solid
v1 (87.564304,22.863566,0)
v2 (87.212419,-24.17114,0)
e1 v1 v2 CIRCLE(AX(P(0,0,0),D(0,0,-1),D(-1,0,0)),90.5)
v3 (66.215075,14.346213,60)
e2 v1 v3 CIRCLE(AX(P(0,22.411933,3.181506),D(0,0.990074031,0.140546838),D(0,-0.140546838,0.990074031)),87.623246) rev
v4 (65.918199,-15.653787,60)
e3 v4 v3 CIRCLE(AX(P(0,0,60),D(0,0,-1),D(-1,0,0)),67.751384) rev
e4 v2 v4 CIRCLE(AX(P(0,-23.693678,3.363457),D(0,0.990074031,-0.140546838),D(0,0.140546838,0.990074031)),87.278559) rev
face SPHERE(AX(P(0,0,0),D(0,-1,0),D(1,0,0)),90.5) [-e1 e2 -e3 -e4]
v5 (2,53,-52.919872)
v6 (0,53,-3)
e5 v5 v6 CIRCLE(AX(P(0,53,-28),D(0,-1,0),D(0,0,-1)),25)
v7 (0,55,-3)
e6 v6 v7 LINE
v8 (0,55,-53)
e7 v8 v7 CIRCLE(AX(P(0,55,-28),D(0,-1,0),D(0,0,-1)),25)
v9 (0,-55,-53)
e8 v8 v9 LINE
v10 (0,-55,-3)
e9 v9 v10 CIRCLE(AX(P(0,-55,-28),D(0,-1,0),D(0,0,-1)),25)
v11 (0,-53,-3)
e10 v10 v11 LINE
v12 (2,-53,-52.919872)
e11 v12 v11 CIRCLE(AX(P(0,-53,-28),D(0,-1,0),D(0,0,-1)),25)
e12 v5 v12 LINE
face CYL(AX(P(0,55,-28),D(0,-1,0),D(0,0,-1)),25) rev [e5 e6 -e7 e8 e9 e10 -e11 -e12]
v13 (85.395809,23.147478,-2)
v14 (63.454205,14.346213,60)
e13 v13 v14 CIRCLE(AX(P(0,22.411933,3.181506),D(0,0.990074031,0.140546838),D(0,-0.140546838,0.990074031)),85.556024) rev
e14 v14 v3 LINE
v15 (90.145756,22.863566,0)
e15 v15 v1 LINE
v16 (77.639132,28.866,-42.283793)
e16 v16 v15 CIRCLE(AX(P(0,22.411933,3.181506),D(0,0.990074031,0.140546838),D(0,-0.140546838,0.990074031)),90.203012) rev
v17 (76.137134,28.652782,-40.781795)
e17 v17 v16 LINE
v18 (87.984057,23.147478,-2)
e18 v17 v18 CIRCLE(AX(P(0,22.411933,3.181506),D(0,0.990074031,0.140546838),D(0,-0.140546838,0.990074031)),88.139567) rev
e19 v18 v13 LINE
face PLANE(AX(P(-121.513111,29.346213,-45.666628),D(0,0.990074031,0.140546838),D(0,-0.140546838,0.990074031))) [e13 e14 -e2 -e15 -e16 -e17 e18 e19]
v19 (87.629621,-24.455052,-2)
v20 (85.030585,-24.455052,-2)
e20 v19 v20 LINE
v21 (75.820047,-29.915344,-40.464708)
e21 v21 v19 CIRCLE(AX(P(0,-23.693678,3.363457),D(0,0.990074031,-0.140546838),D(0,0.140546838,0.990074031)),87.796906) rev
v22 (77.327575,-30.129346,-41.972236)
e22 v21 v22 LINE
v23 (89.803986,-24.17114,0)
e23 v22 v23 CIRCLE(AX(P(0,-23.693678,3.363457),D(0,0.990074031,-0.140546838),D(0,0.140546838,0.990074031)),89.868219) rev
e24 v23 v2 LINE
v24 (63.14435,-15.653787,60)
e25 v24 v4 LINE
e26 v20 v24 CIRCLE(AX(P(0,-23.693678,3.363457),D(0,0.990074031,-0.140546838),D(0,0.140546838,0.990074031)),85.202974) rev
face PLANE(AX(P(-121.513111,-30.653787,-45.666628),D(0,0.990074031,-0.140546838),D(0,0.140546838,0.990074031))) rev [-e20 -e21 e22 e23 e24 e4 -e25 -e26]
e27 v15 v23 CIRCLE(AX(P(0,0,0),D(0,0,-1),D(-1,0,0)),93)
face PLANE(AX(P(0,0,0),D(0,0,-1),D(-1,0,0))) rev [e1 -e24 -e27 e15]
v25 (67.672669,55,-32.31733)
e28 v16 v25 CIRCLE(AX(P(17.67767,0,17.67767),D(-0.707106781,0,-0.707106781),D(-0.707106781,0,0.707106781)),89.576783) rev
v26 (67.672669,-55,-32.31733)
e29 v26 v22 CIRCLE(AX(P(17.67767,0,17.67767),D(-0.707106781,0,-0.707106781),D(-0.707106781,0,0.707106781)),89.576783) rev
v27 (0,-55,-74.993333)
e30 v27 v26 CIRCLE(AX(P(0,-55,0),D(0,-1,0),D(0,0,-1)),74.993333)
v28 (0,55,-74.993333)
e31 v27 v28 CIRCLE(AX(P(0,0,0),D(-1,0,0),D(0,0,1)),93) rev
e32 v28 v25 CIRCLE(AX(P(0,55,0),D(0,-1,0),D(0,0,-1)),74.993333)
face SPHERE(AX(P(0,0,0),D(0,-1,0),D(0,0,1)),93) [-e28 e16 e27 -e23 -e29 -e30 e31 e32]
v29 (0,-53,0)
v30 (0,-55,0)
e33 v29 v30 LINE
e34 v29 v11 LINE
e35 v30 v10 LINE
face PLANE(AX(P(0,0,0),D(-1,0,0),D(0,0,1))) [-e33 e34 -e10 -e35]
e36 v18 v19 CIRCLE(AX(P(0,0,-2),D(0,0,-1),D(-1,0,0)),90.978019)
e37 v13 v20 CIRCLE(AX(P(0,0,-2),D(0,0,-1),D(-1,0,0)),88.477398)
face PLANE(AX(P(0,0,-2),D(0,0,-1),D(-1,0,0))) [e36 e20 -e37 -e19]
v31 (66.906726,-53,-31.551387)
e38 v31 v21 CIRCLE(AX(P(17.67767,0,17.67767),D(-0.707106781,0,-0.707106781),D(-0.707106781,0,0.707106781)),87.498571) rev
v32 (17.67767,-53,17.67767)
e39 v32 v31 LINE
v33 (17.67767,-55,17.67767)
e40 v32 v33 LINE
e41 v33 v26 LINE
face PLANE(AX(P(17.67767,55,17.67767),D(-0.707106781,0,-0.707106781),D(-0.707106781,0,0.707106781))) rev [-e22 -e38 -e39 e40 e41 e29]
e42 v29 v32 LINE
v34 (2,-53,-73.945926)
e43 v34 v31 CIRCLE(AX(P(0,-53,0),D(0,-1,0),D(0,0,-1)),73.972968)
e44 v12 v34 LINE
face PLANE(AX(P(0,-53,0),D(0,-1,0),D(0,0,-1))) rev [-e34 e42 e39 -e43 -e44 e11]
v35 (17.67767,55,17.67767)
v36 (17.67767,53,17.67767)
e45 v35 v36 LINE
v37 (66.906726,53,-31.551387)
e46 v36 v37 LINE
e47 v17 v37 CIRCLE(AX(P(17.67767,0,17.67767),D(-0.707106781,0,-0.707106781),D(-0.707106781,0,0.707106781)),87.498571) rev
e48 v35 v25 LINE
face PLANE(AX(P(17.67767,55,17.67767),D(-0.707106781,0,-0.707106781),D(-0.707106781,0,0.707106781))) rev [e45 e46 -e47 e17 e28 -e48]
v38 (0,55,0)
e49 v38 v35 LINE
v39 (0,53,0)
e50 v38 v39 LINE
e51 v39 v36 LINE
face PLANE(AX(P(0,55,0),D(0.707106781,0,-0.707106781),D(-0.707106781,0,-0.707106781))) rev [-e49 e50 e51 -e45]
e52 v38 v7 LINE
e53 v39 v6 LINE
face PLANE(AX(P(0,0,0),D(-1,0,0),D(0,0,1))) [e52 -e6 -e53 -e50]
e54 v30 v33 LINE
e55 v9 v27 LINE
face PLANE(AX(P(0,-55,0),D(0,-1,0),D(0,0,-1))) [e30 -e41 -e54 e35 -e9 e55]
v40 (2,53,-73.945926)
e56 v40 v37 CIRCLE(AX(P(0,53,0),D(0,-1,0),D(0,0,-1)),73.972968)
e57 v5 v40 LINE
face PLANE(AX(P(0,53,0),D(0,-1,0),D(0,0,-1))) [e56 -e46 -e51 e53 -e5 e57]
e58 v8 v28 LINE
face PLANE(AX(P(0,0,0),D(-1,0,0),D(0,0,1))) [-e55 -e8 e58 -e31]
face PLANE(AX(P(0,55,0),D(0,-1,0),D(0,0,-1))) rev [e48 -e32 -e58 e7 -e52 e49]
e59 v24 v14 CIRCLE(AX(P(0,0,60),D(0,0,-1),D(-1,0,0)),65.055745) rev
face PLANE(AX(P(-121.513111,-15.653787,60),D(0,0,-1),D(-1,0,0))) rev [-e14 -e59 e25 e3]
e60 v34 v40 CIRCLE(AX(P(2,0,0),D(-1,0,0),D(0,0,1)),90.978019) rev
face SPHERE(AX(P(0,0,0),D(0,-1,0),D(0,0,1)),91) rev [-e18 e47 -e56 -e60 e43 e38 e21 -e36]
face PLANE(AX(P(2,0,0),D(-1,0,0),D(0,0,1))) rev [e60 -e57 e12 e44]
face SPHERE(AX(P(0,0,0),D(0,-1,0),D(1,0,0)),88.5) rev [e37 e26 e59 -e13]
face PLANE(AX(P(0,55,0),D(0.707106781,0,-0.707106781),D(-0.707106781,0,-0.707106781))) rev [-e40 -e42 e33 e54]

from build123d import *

# Parameters (mm, degrees)
OBR_T1_ANGLE                = 180.0000000000004
WYTNIJ_WYCI_GNI_CIE6_DEPTH  = 172.4642819948225
WYTNIJ_WYCI_GNI_CIE7_DEPTH  = 166.27116841238856
DODANIE_WYCI_GNI_CIE2_DEPTH = 100
WYTNIJ_WYCI_GNI_CIE8_DEPTH  = 172.45844977719824
WYCI_CIE_OBR_T2_ANGLE       = 90.0000000000002
WYTNIJ_WYCI_GNI_CIE9_DEPTH  = 172.45844977719824
SKORUPA2_T                  = -2


with BuildPart() as part:
    # Szkic1 → Obrót1 (revolve)
    with BuildSketch(Plane(origin=(0, 0, 0), x_dir=(0, 0, -1), z_dir=(1, 0, 0))):
        with BuildLine():
            Line((0, -55), (0, 55))
            Line((0, 55), (-75, 54.99999999999999))
            ThreePointArc((-75, 54.99999999999999), (-93.00537618869137, 1.139e-14), (-75, -54.99999999999999))
            Line((-75, -54.99999999999999), (0, -55))
        make_face()
    revolve(axis=Axis((0, -55, 0), (0, 1, 0)), revolution_arc=OBR_T1_ANGLE)

    # Szkic2 → Wytnij-wyciągnięcie6 (cut, through all)
    with BuildSketch(Plane.XZ.offset(54.99999999999998)):
        with BuildLine():
            Line((-50.14037658161271, 0), (-26.065901524307794, 0))
            Line((-26.065901524307794, 0), (-26.065901524307794, 75.00000000000003))
            Line((-26.065901524307794, 75.00000000000003), (0, 75.00000000000003))
            ThreePointArc((-7.11e-15, 75.00000000000004), (6.164498496803606, 74.74623039513706), (12.28728066433489, 73.98663888754419))
            ThreePointArc((12.287280664334872, 73.9866388875442), (66.51313822370639, 34.6554821584426), (67.6776695296636, -32.32233047033656))
            Line((67.6776695296636, -32.32233047033656), (87.35369951614506, -51.99836045681815))
            Line((87.35369951614506, -51.99836045681814), (99.7170587397922, -51.99836045681808))
            Line((99.7170587397922, -51.99836045681808), (99.7170587397922, 112.3930651923552))
            Line((99.71705873979221, 112.3930651923552), (-50.14037658161271, 112.3930651923552))
            Line((-50.14037658161271, 112.3930651923552), (-50.14037658161271, 0))
        make_face()
    extrude(amount=-WYTNIJ_WYCI_GNI_CIE6_DEPTH, mode=Mode.SUBTRACT)

    # Szkic6 → Wytnij-wyciągnięcie7 (cut, through all)
    with BuildSketch(Plane.XZ.offset(54.99999999999998)):
        with BuildLine():
            ThreePointArc((67.67766952966359, -32.32233047033659), (63.4396358173472, 40.00515725956293), (5.5067e-13, 75.00000000000003))
            Line((5.375e-13, 75.00000000000003), (-4.59e-15, 0))
            Line((0, 0), (17.677669529663717, 17.67766952966366))
            Line((17.677669529663717, 17.67766952966366), (67.6776695296636, -32.32233047033657))
        make_face()
    extrude(amount=-WYTNIJ_WYCI_GNI_CIE7_DEPTH, mode=Mode.SUBTRACT)

    # Szkic7 → Dodanie-wyciągnięcie2 (add)
    with BuildSketch(Plane(origin=(100, 0, 0), x_dir=(0, 0, -1), z_dir=(1, 0, 0))):
        Polygon((-60, -15.653786999192038), (-60, 14.34621300080796), (45.666627766936244, 29.346213000808905), (45.666627766936244, -30.653786999192953), align=None)
    extrude(amount=-DODANIE_WYCI_GNI_CIE2_DEPTH)

    # Szkic8 → Wycięcie-obrót1 (revolve, cut)
    with BuildSketch(Plane(origin=(0, 0, 0), x_dir=(0, 0, -1), z_dir=(1, 0, 0))):
        with BuildLine():
            Line((-74.9933330370107, 55.00000000000001), (-155.56349186104046, 55.00000000000001))
            ThreePointArc((-155.56349186104046, 55.00000000000001), (-165, 2.021e-14), (-155.56349186104046, -54.999999999999964))
            Line((-155.56349186104046, -54.999999999999964), (-74.99333303701071, -54.99999999999997))
            ThreePointArc((-74.99333303701071, -54.99999999999997), (-93, 1.139e-14), (-74.9933330370107, 55.00000000000001))
        make_face()
    revolve(axis=Axis((0, 0, 0), (0, 1, 0)), mode=Mode.SUBTRACT)

    # Szkic9 → Wytnij-wyciągnięcie8 (cut, through all)
    with BuildSketch(Plane.XZ.offset(54.99999999999998)):
        Polygon((-4.3e-16, -4.3e-16), (84.28181453760202, 84.28181453760173), (-46.691543450070924, 84.28181453760173), (-46.691543450070924, 0), align=None)
    extrude(amount=-WYTNIJ_WYCI_GNI_CIE8_DEPTH, mode=Mode.SUBTRACT)

    # Szkic10 → Wycięcie-obrót2 (revolve, cut)
    with BuildSketch(Plane(origin=(0, 0, 0), x_dir=(0, 0, -1), z_dir=(1, 0, 0))):
        with BuildLine():
            Line((-71.86967371569179, 55.00000000000001), (-106.6536450385077, 55.00000000000001))
            ThreePointArc((-106.6536450385077, 55.00000000000001), (-120, 1.47e-14), (-106.65364503850772, -54.99999999999998))
            Line((-106.65364503850772, -54.99999999999998), (-71.8696737156918, -54.99999999999998))
            ThreePointArc((-71.8696737156918, -54.99999999999998), (-90.5, 1.108e-14), (-71.86967371569179, 55.00000000000001))
        make_face()
    revolve(axis=Axis((0, 0, 0), (0, 1, 0)), revolution_arc=WYCI_CIE_OBR_T2_ANGLE, mode=Mode.SUBTRACT)

    # Szkic11 → Wytnij-wyciągnięcie9 (cut, through all)
    with BuildSketch(Plane.XZ.offset(54.99999999999998)):
        with BuildLine():
            ThreePointArc((25.000000000000004, -28), (17.67766952966355, -10.32233047033617), (-3.9815e-13, -2.9999999999999964))
            Line((0, -2.9999999999999964), (0, -28))
            Line((-1.9552e-13, -28), (-3.701e-13, -53))
            ThreePointArc((-6.7073e-13, -53), (17.67766952966345, -45.67766952966393), (25.000000000000004, -28.000000000000007))
        make_face()
        with BuildLine():
            Line((0, -28), (0, -2.9999999999999964))
            ThreePointArc((-3.9815e-13, -2.9999999999999964), (-25.000000000000004, -27.999999999999865), (-6.7073e-13, -53))
            Line((-3.701e-13, -53), (-1.9552e-13, -28))
        make_face()
    extrude(amount=-WYTNIJ_WYCI_GNI_CIE9_DEPTH, mode=Mode.SUBTRACT)

    # Skorupa2
    skorupa2_openings = [part.faces().sort_by_distance(p)[0] for p in [
        (63.613171512, -0.551610376, 60),
        (25, 0, -28),
        (21.502764512, -0.287252782, 21.502764512),
        (60.525104479, -22.455388981, 12.086510343),
        (60.727668941, 21.157570461, 12.017788444),
        (44.39246987, 39.229169277, -9.037130811),
        (0, 0, -1.5),
        (44.239594619, -39.899256445, -8.88425556),
    ]]
    offset(amount=SKORUPA2_T, openings=skorupa2_openings, kind=Kind.INTERSECTION)


solid = part.part
